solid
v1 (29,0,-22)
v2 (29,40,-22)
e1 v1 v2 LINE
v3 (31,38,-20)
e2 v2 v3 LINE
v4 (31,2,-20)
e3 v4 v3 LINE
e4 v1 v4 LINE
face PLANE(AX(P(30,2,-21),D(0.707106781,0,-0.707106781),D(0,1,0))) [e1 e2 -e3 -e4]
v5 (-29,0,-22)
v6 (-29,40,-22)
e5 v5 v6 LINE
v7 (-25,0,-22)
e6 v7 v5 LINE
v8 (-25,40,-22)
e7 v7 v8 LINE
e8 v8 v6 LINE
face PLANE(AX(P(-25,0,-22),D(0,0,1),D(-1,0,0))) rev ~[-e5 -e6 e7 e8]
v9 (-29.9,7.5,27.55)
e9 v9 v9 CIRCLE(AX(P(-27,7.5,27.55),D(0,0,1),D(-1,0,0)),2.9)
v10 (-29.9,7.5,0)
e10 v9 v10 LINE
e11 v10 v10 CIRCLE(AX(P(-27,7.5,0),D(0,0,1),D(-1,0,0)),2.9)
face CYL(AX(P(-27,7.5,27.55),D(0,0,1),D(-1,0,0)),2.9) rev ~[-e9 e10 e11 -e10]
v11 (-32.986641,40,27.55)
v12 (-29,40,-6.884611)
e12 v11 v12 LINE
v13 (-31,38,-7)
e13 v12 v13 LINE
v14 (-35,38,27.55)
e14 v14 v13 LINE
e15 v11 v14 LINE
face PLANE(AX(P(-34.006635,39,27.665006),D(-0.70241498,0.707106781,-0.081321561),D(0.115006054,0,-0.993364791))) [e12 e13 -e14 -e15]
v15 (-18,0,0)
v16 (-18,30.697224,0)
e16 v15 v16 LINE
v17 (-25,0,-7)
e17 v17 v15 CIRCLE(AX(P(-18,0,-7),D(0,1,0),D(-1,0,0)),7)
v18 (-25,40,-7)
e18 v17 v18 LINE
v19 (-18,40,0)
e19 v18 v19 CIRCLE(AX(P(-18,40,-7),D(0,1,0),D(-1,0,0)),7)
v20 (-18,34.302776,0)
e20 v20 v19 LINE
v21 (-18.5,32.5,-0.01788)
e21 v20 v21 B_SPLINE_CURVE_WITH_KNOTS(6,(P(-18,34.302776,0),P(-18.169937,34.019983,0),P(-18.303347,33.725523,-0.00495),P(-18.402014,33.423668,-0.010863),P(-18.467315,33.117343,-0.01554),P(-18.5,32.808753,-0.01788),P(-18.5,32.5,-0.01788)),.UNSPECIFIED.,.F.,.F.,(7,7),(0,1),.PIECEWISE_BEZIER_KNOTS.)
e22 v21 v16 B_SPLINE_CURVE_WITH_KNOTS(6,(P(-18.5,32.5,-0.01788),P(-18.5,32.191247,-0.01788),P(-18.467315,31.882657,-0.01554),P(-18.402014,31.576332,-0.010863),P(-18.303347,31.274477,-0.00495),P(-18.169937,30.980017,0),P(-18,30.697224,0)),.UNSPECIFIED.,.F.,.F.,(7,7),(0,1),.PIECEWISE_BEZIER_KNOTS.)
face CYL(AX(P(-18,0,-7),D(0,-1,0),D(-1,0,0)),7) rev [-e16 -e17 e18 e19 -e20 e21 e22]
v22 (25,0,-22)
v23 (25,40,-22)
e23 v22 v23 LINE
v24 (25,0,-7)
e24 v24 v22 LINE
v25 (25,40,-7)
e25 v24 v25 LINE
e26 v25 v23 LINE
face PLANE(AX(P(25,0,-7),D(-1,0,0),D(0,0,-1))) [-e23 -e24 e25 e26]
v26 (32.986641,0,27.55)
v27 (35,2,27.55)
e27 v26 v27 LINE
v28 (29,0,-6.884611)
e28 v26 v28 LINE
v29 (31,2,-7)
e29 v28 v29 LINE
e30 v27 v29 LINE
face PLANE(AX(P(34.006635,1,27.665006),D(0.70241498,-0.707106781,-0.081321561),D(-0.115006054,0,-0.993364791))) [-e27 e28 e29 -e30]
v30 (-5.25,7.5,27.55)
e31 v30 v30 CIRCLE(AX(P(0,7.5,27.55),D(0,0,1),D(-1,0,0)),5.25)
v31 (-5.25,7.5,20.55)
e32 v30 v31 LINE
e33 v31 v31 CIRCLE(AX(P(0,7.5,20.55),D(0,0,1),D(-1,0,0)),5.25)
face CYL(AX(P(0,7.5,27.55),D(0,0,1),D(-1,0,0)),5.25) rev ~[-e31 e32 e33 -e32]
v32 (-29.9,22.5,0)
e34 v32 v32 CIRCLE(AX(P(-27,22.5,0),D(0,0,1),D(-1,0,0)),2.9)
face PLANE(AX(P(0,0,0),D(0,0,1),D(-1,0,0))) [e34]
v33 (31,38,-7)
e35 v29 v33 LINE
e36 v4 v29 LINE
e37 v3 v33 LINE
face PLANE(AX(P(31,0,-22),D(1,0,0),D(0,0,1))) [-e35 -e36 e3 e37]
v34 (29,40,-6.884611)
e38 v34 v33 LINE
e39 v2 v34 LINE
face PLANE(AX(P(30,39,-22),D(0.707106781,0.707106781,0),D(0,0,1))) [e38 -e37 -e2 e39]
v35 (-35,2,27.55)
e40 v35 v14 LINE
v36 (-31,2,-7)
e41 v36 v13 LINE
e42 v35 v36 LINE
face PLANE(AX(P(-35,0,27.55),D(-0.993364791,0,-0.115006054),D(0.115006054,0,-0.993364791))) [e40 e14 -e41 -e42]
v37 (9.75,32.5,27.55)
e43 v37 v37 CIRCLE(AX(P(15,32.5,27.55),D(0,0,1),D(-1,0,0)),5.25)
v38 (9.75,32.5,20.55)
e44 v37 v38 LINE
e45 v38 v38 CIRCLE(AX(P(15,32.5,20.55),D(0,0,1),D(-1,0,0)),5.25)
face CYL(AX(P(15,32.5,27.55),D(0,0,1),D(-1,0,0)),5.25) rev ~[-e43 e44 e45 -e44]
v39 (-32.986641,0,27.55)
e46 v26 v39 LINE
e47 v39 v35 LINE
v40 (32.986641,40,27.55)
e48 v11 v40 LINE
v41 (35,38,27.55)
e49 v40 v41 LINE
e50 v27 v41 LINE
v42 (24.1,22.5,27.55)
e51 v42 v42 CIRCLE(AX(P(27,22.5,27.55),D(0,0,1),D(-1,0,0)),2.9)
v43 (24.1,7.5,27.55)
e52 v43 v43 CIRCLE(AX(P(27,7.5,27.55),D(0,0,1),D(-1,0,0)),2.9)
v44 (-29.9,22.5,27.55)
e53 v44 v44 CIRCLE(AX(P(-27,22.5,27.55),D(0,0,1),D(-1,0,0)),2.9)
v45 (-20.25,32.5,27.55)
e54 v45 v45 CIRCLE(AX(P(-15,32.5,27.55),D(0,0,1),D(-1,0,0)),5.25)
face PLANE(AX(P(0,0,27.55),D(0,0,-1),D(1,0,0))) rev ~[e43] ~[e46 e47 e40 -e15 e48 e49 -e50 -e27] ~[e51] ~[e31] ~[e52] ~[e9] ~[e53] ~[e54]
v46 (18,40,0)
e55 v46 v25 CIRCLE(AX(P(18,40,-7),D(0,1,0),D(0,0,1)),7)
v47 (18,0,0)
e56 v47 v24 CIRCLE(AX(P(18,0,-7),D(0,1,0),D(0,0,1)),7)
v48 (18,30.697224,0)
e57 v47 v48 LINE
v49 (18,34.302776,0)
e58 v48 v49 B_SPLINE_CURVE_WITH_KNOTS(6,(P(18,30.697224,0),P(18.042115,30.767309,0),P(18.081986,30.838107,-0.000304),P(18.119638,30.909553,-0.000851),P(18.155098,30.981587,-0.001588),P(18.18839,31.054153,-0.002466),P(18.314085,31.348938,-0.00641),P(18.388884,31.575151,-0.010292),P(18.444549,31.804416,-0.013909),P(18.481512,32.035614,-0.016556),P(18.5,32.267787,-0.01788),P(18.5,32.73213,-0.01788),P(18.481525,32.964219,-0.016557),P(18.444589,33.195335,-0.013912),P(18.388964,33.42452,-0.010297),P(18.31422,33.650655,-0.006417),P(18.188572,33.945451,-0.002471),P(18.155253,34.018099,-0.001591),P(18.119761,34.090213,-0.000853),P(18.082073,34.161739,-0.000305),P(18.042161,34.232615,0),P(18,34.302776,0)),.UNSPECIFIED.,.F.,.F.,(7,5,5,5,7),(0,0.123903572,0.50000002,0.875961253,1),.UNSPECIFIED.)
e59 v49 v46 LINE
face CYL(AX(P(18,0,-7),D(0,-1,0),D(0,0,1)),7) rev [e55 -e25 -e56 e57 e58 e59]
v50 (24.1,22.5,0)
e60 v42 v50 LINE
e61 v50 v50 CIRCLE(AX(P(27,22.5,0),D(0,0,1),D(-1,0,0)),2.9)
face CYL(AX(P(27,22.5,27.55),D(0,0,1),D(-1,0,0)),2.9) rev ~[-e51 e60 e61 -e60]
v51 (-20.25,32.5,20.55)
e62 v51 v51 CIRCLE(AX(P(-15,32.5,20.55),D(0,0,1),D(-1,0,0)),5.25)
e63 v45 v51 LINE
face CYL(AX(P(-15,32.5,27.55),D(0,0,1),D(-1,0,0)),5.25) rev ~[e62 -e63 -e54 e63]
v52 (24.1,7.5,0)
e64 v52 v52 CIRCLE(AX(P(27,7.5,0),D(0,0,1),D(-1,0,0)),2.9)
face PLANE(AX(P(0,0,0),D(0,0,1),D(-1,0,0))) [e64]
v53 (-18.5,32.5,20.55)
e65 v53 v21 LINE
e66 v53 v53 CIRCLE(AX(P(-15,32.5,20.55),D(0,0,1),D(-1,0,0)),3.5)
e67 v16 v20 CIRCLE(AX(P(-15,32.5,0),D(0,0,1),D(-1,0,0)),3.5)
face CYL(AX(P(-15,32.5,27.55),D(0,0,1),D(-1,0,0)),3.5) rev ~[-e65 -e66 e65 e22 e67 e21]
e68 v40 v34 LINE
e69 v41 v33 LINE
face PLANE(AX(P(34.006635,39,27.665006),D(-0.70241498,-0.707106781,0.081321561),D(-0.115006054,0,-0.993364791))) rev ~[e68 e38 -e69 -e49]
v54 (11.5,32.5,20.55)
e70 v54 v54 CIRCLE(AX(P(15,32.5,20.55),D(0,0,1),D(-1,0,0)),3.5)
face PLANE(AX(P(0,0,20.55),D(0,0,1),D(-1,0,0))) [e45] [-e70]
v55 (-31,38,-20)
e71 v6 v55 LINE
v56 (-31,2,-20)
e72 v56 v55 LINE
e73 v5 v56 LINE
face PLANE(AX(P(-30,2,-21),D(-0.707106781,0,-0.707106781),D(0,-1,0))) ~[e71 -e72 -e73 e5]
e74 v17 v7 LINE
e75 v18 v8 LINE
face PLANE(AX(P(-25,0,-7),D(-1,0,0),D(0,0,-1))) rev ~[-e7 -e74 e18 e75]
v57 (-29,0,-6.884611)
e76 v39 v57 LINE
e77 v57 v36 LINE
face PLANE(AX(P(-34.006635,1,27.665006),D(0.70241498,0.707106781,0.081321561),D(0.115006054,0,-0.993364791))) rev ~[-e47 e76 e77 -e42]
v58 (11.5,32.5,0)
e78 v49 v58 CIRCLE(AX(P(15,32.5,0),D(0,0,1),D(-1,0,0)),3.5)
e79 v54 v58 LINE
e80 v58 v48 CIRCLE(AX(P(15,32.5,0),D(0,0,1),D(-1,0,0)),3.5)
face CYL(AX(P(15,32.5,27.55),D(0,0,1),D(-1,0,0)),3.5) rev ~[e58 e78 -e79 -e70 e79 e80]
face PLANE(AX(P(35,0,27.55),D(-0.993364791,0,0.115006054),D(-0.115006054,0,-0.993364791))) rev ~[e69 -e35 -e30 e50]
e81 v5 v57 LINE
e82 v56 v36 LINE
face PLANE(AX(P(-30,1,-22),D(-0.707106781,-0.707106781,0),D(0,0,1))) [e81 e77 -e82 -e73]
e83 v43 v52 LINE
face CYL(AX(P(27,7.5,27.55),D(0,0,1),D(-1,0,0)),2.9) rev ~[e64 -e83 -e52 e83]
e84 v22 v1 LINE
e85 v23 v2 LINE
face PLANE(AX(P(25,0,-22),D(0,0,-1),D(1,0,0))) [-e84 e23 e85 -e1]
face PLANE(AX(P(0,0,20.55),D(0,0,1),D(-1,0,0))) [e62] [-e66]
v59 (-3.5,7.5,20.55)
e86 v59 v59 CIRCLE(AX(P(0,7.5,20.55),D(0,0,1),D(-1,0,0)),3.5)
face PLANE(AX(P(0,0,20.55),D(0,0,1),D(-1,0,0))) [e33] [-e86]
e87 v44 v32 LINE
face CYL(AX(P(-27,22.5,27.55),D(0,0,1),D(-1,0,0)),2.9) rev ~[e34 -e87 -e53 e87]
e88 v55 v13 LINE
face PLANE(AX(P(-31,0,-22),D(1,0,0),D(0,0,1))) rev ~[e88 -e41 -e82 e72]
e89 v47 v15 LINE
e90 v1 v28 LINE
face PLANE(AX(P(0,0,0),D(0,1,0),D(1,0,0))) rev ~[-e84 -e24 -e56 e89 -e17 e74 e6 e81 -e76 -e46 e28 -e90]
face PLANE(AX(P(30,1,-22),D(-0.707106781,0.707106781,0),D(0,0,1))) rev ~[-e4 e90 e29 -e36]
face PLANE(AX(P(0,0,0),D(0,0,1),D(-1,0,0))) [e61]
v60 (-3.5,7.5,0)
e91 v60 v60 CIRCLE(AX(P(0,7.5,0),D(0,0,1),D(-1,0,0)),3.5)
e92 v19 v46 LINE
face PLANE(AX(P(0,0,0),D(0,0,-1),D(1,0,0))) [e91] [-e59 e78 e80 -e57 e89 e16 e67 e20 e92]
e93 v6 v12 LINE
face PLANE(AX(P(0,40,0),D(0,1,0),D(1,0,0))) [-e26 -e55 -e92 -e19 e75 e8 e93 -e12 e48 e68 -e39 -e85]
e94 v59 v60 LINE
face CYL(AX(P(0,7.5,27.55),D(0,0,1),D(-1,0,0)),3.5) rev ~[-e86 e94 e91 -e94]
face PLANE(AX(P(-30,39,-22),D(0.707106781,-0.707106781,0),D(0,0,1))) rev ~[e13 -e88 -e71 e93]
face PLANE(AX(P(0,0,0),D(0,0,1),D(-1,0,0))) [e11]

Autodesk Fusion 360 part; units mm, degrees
sketch "Sketch1" plane through (0, 0, 0) normal (0, 1, 0) x (1, 0, 0)
  line L0 (0, 0) -> (18, 0)
  line L1 (0, 0) -> (-18, 0)
  line L2 (25, 7) -> (25, 22)
  line L3 (-25, 7) -> (-25, 22)
  line L4 (25, 22) -> (31, 22)
  line L5 (-25, 22) -> (-31, 22)
  line L6 (0, 0) -> (0, -27.55) construction
  line L7 (0, -27.55) -> (35, -27.55)
  line L8 (0, -27.55) -> (-35, -27.55)
  line L9 (31, 22) -> (31, 7)
  line L10 (-31, 22) -> (-31, 7)
  line L11 (-35, -27.55) -> (-31, 7)
  line L12 (35, -27.55) -> (31, 7)
  arc A0 (-25, 7) -> (-18, 0) centre (-18, 7) ccw
  arc A1 (18, 0) -> (25, 7) centre (18, 7) ccw
  point P0 (25, 0)
  point P1 (-25, 0)
  dimension "d5" = 25
  dimension "d6" = 25
  dimension "d7" = 22
  dimension "d8" = 22
  dimension "d9" = 6
  dimension "d10" = 6
  dimension "d11" = 27.55
  dimension "d12" = 35
  dimension "d13" = 35
  dimension "d14" = 15
  dimension "d15" = 15
  dimension "d16" = 7
  dimension "d17" = 7
extrude "Extrude1" add sketch "Sketch1" along normal blind 40
sketch "Sketch2" plane through (0, 0, 27.55) normal (0, 0, 1) x (-1, 0, 0)
  line L0 (35, 0) -> (-35, 0)
  line L1 (-35, 0) -> (-35, -40)
  line L2 (-35, -40) -> (35, -40)
  line L3 (35, -40) -> (35, 0)
  line L4 (0, -40) -> (0, -32.5) construction
  line L5 (0, 0) -> (0, -7.5) construction
  line L6 (0, -32.5) -> (-15, -32.5) construction
  line L7 (0, -32.5) -> (15, -32.5) construction
  circle A0 centre (15, -32.5) radius 3.5
  circle A1 centre (15, -32.5) radius 5.25
  circle A2 centre (-15, -32.5) radius 3.5
  circle A3 centre (-15, -32.5) radius 5.25
  circle A4 centre (0, -7.5) radius 3.5
  circle A5 centre (0, -7.5) radius 5.25
  line L8 (-35, 0) -> (-27, 0) construction
  line L9 (-27, 0) -> (-27, -7.5) construction
  line L10 (-27, -7.5) -> (-35, -7.5) construction
  line L11 (-35, -7.5) -> (-35, 0) construction
  line L12 (35, 0) -> (27, 0) construction
  line L13 (27, 0) -> (27, -7.5) construction
  line L14 (27, -7.5) -> (35, -7.5) construction
  line L15 (35, -7.5) -> (35, 0) construction
  line L16 (-27, -7.5) -> (-27, -22.5) construction
  line L17 (27, -7.5) -> (27, -22.5) construction
  circle A6 centre (-27, -22.5) radius 2.9
  circle A7 centre (-27, -7.5) radius 2.9
  circle A8 centre (27, -7.5) radius 2.9
  circle A9 centre (27, -22.5) radius 2.9
  dimension "d20" = 7.5
  dimension "d21" = 7.5
  dimension "d22" = 15
  dimension "d23" = 15
  dimension "d24" = 7
  dimension "d25" = 10.5
  dimension "d26" = 7
  dimension "d27" = 10.5
  dimension "d28" = 7
  dimension "d29" = 10.5
  dimension "d30" = 8
  dimension "d31" = 7.5
  dimension "d32" = 8
  dimension "d33" = 7.5
  dimension "d34" = 15
  dimension "d35" = 15
  dimension "d36" = 5.8
  dimension "d37" = 5.8
  dimension "d38" = 5.8
  dimension "d39" = 5.8
extrude "Extrude4" cut sketch "Sketch2" against normal through all contours A0 | A2 | A4
extrude "Extrude3" cut sketch "Sketch2" against normal blind 7 contours A1 | A3 | A5
extrude "Extrude2" cut sketch "Sketch2" against normal up to surface (27.55 mm away) contours A6 | A7 | A8 | A9
chamfer "Chamfer1" distance 2 angle 45 8 edges at (33, 0, 10.275) (31, 0, -14.5) (-31, 0, -14.5) (-33, 0, 10.275) (-31, 40, -14.5) (-33, 40, 10.275) (33, 40, 10.275) (31, 40, -14.5)
chamfer "Chamfer2" distance 2 angle 45 2 edges at (-31, 20, -22) (31, 20, -22)
equation "steelRadius = 7 mm"
equation "steelNarrow = 50 mm"
equation "d5 = steelNarrow / 2"
equation "d6 = steelNarrow / 2"
equation "d16 = steelRadius"
equation "d17 = steelRadius"
